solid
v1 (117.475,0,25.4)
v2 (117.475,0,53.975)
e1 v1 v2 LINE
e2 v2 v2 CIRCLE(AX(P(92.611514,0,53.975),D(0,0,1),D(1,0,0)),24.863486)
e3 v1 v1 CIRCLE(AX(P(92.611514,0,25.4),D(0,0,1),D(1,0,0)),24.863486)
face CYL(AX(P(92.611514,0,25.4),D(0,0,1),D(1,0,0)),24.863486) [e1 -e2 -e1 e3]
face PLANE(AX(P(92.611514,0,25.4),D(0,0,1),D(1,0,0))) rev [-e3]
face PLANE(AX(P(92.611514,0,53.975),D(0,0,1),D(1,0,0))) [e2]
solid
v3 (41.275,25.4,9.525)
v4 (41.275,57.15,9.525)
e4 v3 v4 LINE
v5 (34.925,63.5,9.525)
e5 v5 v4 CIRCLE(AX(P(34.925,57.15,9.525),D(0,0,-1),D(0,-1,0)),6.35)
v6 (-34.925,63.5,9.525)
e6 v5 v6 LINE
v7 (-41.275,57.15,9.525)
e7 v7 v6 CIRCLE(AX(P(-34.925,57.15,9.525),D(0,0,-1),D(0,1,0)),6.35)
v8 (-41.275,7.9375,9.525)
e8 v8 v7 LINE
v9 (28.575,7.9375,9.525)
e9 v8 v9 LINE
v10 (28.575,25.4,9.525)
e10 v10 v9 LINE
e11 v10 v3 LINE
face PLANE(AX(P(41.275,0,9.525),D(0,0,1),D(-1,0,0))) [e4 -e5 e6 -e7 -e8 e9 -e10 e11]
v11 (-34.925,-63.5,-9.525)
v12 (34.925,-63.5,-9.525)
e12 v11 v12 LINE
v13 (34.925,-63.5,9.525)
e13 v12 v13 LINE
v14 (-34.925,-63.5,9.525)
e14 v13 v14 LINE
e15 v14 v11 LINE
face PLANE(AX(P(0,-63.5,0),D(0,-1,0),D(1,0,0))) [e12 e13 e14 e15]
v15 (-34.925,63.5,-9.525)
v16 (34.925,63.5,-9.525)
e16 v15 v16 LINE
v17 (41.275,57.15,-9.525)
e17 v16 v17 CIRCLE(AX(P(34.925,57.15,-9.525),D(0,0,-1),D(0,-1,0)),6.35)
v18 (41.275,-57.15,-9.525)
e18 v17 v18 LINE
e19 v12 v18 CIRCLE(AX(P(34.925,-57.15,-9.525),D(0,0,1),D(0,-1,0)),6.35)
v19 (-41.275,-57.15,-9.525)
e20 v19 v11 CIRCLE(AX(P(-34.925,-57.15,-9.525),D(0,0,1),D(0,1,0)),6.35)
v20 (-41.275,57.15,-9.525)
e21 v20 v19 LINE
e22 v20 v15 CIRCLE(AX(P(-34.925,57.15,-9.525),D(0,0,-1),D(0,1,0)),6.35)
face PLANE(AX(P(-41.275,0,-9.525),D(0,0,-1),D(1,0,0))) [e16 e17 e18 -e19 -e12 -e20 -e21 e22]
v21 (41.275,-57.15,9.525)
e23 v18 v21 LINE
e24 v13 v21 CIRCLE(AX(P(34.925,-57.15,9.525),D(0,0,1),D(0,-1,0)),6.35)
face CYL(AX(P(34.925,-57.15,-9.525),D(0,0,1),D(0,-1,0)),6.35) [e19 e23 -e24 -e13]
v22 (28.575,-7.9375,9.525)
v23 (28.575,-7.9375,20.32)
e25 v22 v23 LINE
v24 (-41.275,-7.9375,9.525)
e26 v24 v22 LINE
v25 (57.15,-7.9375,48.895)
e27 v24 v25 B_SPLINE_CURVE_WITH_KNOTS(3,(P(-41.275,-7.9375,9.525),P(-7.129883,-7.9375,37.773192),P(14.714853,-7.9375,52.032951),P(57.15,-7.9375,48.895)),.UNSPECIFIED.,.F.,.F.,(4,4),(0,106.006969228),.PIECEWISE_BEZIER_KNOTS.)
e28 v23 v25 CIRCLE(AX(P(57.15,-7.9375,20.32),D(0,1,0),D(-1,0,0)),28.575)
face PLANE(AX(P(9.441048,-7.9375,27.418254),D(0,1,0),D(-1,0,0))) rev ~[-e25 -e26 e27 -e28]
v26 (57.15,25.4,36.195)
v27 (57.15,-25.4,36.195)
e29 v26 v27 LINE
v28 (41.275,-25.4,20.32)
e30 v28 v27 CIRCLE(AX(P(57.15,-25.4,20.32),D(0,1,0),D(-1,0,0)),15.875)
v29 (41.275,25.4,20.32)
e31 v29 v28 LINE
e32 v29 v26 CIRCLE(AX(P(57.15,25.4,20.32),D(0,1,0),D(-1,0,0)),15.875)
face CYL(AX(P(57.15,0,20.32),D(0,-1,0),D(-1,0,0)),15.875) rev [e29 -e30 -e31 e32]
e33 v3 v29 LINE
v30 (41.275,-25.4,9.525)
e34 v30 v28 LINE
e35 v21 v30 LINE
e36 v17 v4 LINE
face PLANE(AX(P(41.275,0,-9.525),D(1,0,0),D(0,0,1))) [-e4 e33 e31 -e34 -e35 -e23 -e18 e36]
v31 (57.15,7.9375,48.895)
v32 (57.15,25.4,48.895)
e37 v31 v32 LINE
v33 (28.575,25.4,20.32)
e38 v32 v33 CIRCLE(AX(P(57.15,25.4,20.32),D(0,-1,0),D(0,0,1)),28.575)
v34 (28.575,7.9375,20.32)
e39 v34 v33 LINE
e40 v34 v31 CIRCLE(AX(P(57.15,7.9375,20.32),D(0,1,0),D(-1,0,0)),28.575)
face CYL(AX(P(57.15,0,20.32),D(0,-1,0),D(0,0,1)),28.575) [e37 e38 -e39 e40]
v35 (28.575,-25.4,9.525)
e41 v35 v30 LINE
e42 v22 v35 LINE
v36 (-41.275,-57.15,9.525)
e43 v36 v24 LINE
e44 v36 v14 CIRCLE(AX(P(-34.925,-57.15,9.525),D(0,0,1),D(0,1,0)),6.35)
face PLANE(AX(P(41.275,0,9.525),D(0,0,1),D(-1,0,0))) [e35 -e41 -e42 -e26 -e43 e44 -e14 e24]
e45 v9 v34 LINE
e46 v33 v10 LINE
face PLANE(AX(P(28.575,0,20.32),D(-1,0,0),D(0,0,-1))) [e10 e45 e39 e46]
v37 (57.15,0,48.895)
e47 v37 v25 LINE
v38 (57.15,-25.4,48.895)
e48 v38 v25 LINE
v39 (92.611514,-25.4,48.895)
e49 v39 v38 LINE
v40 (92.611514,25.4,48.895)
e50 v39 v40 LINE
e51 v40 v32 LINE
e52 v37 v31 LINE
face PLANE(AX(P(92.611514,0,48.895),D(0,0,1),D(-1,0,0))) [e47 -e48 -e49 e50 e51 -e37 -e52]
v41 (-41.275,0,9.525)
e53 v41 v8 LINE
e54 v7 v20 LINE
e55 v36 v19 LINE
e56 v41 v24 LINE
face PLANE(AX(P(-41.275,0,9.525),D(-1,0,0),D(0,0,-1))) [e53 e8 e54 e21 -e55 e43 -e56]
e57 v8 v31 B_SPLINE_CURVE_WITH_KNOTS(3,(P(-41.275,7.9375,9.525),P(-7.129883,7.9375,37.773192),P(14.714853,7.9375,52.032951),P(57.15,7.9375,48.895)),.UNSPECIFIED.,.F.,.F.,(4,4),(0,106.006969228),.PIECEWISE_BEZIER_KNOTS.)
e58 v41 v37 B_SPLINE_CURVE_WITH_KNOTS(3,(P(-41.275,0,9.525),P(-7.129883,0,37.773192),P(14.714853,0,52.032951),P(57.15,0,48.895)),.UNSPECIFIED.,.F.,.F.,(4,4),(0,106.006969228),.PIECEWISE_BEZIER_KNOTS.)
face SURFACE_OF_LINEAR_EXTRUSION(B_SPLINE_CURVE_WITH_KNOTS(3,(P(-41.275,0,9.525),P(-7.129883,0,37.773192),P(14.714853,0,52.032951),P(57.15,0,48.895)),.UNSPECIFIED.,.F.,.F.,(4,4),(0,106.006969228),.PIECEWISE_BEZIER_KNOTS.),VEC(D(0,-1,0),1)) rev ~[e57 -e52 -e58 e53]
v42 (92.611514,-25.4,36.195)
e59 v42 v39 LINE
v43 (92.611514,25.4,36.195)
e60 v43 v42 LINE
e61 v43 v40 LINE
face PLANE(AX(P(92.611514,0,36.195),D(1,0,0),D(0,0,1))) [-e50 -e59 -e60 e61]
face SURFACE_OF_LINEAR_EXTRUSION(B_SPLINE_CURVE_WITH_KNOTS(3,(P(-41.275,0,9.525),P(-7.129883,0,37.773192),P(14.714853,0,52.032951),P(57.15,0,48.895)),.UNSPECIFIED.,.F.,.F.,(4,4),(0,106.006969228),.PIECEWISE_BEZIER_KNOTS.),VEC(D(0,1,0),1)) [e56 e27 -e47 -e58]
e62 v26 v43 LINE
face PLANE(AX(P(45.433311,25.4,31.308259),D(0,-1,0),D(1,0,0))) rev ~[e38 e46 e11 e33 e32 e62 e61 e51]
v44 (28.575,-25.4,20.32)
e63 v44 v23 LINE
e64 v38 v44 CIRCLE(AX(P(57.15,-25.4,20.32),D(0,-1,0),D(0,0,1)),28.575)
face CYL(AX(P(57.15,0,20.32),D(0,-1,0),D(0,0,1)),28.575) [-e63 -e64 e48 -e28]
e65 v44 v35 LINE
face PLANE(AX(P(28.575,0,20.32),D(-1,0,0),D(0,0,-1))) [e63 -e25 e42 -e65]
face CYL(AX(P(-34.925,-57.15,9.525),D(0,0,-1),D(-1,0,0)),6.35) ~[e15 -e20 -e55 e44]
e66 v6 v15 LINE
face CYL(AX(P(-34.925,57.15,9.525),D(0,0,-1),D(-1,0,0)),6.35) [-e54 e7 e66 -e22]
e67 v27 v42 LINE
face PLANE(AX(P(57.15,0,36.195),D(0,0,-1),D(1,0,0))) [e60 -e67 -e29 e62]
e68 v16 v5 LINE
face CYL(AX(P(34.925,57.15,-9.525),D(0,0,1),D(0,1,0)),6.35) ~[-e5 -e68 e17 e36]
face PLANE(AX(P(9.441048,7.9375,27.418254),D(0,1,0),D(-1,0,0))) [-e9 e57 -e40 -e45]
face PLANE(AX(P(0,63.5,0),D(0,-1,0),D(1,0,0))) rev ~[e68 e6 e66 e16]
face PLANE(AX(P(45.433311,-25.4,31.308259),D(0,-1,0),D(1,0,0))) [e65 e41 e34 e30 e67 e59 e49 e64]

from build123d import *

# Parameters (mm, degrees)
F1_DEPTH = 63.5
F0_W     = 25.9365141169
F0_H     = 12.7
F2_DEPTH = 25.4
F3_DEPTH = 7.9375
F5_R     = 6.35


with BuildPart() as f1:
    # F0 (on Front) → F1 (new body, symmetric)
    with BuildSketch(Plane.XZ):
        Polygon((28.575, 9.525), (-41.275, 9.525), (-41.275, -9.525), (41.275, -9.525), (41.275, 9.525), align=None)
    extrude(amount=F1_DEPTH, both=True)

    # F0 (on Front) → F2 (join, symmetric)
    with BuildSketch(Plane.XZ):
        with BuildLine():
            Line((28.575, 20.32), (28.575, 9.525))
            Line((28.575, 9.525), (41.275, 9.525))
            Line((41.275, 9.525), (41.275, 20.32))
            ThreePointArc((41.275, 20.32), (45.9246798487, 31.5453201513), (57.15, 36.195))
            Line((57.15, 36.195), (66.675, 36.195))
            Line((66.675, 36.195), (66.675, 48.895))
            Line((66.675, 48.895), (57.15, 48.895))
            ThreePointArc((57.15, 48.895), (36.9444237276, 40.5255762724), (28.575, 20.32))
        make_face()
        with Locations((79.6432570585, 42.545)):
            Rectangle(F0_W, F0_H)
    extrude(amount=F2_DEPTH, both=True)

    # F0 (on Front) → F3 (join, symmetric)
    with BuildSketch(Plane.XZ):
        with BuildLine():
            add(Edge.make_bspline(
                [(-41.275, 9.525), (-7.129882928, 37.7731919289), (14.7148529068, 52.0329512656), (57.15, 48.895)],
                knots=[0, 0, 0, 0, 106.0069692284, 106.0069692284, 106.0069692284, 106.0069692284], degree=3))
            Line((-41.275, 9.525), (28.575, 9.525))
            Line((28.575, 9.525), (28.575, 20.32))
            ThreePointArc((28.575, 20.32), (36.9444237276, 40.5255762724), (57.15, 48.895))
        make_face()
    extrude(amount=F3_DEPTH, both=True)

    # F5
    f5_edges = [f1.edges().sort_by_distance(p)[0] for p in [
        (41.275, -63.5, 0),
        (-41.275, -63.5, 0),
        (41.275, 63.5, 0),
        (-41.275, 63.5, 0),
    ]]
    fillet(f5_edges, radius=F5_R)


with BuildPart() as f4:
    # F0 (on Front) → F4 (revolve)
    with BuildSketch(Plane.XZ):
        Polygon((92.6115141169, 53.975), (92.6115141169, 48.895), (92.6115141169, 36.195), (92.6115141169, 25.4), (117.475, 25.4), (117.475, 53.975), align=None)
    revolve(axis=Axis((92.6115141169, 0, 39.6875), (0, 0, 1)))


solid = Compound([f1.part, f4.part])
